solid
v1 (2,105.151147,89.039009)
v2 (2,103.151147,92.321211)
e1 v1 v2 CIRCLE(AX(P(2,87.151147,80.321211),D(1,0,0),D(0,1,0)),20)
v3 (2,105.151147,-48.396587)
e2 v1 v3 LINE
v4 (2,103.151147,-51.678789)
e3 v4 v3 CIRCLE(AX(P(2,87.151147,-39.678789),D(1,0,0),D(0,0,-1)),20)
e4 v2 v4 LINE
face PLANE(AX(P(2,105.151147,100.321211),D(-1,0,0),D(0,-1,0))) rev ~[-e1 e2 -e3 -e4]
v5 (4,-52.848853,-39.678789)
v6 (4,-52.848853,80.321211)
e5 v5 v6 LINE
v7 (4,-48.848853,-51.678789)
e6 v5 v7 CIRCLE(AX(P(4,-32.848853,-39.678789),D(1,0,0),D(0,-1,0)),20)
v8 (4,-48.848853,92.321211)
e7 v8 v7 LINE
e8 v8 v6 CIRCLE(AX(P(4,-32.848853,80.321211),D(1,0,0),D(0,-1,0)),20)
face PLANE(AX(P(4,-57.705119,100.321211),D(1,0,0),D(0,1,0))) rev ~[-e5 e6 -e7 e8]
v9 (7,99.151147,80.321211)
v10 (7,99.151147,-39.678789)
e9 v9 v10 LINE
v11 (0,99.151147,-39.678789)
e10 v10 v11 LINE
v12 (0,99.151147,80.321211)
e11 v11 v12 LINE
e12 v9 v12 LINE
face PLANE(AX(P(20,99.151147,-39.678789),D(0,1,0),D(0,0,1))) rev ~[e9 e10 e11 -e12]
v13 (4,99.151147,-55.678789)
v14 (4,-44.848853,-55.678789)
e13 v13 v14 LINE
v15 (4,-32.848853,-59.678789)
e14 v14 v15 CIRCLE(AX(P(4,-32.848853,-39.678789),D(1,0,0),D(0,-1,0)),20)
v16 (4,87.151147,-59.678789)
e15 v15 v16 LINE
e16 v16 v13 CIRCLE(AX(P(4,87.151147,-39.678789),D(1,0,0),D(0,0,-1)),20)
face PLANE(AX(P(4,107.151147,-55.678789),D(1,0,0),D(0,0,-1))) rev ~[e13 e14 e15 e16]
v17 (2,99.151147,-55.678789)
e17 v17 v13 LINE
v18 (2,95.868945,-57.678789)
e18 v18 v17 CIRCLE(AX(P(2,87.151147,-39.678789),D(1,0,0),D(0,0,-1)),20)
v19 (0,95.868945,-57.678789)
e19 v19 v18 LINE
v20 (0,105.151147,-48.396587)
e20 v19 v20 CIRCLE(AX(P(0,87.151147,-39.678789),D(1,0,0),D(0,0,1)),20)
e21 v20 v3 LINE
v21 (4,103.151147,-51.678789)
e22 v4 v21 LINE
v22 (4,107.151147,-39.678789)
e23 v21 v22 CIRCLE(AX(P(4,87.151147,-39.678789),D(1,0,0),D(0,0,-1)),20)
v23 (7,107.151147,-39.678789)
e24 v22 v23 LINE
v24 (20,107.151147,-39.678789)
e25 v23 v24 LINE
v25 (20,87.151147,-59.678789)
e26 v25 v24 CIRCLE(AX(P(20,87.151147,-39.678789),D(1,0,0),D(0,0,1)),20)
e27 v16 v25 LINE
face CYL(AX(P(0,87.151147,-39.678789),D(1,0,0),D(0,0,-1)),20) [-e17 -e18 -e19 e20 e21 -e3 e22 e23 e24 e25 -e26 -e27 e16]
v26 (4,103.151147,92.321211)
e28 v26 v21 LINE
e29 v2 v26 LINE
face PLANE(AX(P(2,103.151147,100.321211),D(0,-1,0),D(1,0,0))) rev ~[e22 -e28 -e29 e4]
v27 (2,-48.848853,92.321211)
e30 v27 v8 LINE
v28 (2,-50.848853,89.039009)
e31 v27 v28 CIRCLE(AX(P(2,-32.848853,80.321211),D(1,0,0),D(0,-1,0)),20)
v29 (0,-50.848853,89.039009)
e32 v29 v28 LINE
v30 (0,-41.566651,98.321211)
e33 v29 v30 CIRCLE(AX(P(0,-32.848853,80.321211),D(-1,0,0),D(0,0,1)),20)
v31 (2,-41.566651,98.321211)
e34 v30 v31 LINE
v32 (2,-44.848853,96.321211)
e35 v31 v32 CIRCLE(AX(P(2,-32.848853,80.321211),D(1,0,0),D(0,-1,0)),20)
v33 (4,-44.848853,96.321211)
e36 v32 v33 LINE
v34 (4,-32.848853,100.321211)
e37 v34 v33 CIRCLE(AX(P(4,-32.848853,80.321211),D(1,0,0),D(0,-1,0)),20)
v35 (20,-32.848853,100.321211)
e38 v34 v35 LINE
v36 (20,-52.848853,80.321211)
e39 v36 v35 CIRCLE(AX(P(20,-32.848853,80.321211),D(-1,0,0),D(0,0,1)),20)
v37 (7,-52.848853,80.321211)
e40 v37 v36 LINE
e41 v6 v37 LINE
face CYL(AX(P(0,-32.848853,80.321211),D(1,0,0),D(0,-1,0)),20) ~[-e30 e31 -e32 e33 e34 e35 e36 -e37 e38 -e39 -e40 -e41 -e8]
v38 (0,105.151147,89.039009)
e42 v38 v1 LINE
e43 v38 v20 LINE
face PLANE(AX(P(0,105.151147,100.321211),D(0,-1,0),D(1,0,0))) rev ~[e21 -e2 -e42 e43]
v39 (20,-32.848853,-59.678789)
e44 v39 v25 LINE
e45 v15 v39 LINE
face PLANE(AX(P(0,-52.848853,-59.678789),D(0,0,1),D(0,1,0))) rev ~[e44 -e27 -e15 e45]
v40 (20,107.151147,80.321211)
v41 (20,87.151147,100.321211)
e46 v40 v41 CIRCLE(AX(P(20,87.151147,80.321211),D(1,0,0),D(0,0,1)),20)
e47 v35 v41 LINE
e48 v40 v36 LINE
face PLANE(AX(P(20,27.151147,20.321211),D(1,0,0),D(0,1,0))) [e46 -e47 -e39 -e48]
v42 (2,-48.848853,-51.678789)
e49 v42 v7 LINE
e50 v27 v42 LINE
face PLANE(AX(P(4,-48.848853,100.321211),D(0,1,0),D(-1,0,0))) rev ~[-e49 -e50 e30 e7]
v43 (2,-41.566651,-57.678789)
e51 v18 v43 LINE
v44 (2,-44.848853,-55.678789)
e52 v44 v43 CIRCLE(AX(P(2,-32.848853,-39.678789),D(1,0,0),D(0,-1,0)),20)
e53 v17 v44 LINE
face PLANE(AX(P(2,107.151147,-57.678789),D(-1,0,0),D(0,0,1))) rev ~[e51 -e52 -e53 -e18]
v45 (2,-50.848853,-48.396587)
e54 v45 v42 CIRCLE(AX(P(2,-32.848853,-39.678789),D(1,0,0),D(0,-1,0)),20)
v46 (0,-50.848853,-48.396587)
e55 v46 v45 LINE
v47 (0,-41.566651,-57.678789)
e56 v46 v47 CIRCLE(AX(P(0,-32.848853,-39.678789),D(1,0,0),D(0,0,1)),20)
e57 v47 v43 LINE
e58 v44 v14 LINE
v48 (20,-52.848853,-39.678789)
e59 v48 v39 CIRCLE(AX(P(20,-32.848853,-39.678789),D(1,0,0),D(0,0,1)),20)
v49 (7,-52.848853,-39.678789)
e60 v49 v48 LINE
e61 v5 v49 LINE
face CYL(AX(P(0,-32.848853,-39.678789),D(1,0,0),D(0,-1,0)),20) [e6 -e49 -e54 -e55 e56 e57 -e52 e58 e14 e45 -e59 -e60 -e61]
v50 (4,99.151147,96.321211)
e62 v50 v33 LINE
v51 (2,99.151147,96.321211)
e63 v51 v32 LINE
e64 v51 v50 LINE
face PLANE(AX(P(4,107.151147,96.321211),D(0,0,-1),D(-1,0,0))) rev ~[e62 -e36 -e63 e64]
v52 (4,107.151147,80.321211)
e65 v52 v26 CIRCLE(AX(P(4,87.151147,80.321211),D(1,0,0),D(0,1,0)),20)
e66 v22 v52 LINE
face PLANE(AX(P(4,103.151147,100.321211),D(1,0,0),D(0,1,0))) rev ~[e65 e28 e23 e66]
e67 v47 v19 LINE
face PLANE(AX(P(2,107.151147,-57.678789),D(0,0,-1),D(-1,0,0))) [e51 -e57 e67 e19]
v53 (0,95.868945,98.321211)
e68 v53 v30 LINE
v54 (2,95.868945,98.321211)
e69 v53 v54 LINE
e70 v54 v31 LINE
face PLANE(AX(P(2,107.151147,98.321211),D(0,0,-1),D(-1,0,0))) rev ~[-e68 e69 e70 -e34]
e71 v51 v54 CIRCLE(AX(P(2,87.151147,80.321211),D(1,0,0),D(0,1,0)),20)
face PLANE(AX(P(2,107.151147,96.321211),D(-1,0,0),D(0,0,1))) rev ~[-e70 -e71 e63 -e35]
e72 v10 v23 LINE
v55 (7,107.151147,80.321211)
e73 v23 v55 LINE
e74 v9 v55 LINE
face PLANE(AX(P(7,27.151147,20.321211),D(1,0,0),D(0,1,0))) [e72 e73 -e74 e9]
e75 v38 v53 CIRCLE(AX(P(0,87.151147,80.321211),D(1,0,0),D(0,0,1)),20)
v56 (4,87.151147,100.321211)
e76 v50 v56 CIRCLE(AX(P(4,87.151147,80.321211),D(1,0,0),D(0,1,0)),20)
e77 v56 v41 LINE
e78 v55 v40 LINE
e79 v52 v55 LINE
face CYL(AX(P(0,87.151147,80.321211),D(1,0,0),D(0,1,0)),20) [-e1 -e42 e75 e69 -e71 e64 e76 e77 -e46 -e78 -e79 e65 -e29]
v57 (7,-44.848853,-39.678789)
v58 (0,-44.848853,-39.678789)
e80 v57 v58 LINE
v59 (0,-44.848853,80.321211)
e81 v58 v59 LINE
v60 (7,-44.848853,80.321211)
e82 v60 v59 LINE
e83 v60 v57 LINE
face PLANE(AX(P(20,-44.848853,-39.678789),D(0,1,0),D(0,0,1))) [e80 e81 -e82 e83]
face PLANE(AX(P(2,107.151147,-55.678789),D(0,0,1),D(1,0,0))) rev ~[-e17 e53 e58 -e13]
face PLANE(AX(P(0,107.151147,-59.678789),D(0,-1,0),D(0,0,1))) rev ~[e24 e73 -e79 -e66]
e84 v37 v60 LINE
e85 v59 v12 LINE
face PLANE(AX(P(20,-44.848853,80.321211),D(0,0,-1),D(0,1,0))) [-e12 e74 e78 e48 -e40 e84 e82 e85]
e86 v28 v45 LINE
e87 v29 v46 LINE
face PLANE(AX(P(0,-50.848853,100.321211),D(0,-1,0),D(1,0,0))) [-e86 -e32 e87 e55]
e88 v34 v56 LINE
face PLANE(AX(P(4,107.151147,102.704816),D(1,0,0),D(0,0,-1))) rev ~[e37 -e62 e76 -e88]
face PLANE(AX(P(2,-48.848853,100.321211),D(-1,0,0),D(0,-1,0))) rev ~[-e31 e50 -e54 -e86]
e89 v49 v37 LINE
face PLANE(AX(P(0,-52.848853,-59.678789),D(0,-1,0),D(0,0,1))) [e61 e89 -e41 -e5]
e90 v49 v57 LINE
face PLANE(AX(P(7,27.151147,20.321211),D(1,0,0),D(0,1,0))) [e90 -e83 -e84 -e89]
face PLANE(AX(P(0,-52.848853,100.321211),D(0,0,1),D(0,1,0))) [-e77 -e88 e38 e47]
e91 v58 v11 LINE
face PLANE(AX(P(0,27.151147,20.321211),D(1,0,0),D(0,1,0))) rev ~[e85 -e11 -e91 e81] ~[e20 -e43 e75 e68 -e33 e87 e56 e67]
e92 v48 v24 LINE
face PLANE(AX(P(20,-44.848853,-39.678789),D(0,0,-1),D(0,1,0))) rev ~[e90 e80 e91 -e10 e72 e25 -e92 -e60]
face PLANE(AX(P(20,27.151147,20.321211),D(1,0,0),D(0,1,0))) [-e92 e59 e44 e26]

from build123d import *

# Parameters (mm, degrees)
F0_W      = 160
F0_H      = 160
F1_DEPTH  = 20
F2_R      = 20
F3_W      = 144
F3_H      = 120
F4_DEPTH  = 60
F5_W      = 160
F5_H      = 120
F6_DEPTH  = 13
F7_W      = 2
F7_H      = 2
F8_DEPTH  = 153.4
F9_W      = 2
F9_H      = 2
F9_W_2    = 3.241547
F9_H_2    = 2.78797
F10_DEPTH = 165


with BuildPart() as f1:
    # F0 (on Right) → F1 (new body)
    with BuildSketch(Plane.YZ):
        with Locations((27.151147, 20.321211)):
            Rectangle(F0_W, F0_H)
    extrude(amount=F1_DEPTH)

    # F2
    f2_edges = [f1.edges().sort_by_distance(p)[0] for p in [
        (10, -52.848853, 100.321211),
        (10, 107.151147, 100.321211),
        (10, -52.848853, -59.678789),
        (10, 107.151147, -59.678789),
    ]]
    fillet(f2_edges, radius=F2_R)

    # F3 (on face) → F4 (cut)
    with BuildSketch(Plane.YZ.offset(20)):
        with Locations((27.151147, 20.321211)):
            Rectangle(F3_W, F3_H)
    extrude(amount=-F4_DEPTH, mode=Mode.SUBTRACT)

    # F5 (on face) → F6 (cut)
    with BuildSketch(Plane.YZ.offset(20)):
        with Locations((27.151147, 20.321211)):
            Rectangle(F5_W, F5_H)
    extrude(amount=-F6_DEPTH, mode=Mode.SUBTRACT)

    # F7 (on face) → F8 (cut)
    with BuildSketch(Plane.XY.offset(100.321211)):
        Polygon((2, -52.848853), (2, -57.705119), (4, -57.705119), (4, -48.848853), (2, -48.848853), (2, -50.848853), align=None)
        with Locations((1, -51.848853)):
            Rectangle(F7_W, F7_H)
        Polygon((2, 103.151147), (4, 103.151147), (4, 113.693945), (2, 113.693945), (2, 107.151147), (2, 105.151147), align=None)
        with Locations((1, 106.151147)):
            Rectangle(F7_W, F7_H)
    extrude(amount=-F8_DEPTH, mode=Mode.SUBTRACT)

    # F9 (on face) → F10 (cut)
    with BuildSketch(Plane(origin=(0, 107.151147, 0), x_dir=(-1, 0, 0), z_dir=(0, 1, 0))):
        Polygon((-4, 96.321211), (-2, 96.321211), (-2, 98.321211), (-2, 100.321211), (-2, 102.704816), (-4, 102.704816), align=None)
        with Locations((-1, 99.321211)):
            Rectangle(F9_W, F9_H)
        Polygon((-2, -57.678789), (-2, -55.678789), (-4, -55.678789), (-4, -64.467512), (-2, -64.467512), (-2, -60.466759), align=None)
        with Locations((-0.379227, -59.072774)):
            Rectangle(F9_W_2, F9_H_2)
    extrude(amount=-F10_DEPTH, mode=Mode.SUBTRACT)


solid = f1.part
